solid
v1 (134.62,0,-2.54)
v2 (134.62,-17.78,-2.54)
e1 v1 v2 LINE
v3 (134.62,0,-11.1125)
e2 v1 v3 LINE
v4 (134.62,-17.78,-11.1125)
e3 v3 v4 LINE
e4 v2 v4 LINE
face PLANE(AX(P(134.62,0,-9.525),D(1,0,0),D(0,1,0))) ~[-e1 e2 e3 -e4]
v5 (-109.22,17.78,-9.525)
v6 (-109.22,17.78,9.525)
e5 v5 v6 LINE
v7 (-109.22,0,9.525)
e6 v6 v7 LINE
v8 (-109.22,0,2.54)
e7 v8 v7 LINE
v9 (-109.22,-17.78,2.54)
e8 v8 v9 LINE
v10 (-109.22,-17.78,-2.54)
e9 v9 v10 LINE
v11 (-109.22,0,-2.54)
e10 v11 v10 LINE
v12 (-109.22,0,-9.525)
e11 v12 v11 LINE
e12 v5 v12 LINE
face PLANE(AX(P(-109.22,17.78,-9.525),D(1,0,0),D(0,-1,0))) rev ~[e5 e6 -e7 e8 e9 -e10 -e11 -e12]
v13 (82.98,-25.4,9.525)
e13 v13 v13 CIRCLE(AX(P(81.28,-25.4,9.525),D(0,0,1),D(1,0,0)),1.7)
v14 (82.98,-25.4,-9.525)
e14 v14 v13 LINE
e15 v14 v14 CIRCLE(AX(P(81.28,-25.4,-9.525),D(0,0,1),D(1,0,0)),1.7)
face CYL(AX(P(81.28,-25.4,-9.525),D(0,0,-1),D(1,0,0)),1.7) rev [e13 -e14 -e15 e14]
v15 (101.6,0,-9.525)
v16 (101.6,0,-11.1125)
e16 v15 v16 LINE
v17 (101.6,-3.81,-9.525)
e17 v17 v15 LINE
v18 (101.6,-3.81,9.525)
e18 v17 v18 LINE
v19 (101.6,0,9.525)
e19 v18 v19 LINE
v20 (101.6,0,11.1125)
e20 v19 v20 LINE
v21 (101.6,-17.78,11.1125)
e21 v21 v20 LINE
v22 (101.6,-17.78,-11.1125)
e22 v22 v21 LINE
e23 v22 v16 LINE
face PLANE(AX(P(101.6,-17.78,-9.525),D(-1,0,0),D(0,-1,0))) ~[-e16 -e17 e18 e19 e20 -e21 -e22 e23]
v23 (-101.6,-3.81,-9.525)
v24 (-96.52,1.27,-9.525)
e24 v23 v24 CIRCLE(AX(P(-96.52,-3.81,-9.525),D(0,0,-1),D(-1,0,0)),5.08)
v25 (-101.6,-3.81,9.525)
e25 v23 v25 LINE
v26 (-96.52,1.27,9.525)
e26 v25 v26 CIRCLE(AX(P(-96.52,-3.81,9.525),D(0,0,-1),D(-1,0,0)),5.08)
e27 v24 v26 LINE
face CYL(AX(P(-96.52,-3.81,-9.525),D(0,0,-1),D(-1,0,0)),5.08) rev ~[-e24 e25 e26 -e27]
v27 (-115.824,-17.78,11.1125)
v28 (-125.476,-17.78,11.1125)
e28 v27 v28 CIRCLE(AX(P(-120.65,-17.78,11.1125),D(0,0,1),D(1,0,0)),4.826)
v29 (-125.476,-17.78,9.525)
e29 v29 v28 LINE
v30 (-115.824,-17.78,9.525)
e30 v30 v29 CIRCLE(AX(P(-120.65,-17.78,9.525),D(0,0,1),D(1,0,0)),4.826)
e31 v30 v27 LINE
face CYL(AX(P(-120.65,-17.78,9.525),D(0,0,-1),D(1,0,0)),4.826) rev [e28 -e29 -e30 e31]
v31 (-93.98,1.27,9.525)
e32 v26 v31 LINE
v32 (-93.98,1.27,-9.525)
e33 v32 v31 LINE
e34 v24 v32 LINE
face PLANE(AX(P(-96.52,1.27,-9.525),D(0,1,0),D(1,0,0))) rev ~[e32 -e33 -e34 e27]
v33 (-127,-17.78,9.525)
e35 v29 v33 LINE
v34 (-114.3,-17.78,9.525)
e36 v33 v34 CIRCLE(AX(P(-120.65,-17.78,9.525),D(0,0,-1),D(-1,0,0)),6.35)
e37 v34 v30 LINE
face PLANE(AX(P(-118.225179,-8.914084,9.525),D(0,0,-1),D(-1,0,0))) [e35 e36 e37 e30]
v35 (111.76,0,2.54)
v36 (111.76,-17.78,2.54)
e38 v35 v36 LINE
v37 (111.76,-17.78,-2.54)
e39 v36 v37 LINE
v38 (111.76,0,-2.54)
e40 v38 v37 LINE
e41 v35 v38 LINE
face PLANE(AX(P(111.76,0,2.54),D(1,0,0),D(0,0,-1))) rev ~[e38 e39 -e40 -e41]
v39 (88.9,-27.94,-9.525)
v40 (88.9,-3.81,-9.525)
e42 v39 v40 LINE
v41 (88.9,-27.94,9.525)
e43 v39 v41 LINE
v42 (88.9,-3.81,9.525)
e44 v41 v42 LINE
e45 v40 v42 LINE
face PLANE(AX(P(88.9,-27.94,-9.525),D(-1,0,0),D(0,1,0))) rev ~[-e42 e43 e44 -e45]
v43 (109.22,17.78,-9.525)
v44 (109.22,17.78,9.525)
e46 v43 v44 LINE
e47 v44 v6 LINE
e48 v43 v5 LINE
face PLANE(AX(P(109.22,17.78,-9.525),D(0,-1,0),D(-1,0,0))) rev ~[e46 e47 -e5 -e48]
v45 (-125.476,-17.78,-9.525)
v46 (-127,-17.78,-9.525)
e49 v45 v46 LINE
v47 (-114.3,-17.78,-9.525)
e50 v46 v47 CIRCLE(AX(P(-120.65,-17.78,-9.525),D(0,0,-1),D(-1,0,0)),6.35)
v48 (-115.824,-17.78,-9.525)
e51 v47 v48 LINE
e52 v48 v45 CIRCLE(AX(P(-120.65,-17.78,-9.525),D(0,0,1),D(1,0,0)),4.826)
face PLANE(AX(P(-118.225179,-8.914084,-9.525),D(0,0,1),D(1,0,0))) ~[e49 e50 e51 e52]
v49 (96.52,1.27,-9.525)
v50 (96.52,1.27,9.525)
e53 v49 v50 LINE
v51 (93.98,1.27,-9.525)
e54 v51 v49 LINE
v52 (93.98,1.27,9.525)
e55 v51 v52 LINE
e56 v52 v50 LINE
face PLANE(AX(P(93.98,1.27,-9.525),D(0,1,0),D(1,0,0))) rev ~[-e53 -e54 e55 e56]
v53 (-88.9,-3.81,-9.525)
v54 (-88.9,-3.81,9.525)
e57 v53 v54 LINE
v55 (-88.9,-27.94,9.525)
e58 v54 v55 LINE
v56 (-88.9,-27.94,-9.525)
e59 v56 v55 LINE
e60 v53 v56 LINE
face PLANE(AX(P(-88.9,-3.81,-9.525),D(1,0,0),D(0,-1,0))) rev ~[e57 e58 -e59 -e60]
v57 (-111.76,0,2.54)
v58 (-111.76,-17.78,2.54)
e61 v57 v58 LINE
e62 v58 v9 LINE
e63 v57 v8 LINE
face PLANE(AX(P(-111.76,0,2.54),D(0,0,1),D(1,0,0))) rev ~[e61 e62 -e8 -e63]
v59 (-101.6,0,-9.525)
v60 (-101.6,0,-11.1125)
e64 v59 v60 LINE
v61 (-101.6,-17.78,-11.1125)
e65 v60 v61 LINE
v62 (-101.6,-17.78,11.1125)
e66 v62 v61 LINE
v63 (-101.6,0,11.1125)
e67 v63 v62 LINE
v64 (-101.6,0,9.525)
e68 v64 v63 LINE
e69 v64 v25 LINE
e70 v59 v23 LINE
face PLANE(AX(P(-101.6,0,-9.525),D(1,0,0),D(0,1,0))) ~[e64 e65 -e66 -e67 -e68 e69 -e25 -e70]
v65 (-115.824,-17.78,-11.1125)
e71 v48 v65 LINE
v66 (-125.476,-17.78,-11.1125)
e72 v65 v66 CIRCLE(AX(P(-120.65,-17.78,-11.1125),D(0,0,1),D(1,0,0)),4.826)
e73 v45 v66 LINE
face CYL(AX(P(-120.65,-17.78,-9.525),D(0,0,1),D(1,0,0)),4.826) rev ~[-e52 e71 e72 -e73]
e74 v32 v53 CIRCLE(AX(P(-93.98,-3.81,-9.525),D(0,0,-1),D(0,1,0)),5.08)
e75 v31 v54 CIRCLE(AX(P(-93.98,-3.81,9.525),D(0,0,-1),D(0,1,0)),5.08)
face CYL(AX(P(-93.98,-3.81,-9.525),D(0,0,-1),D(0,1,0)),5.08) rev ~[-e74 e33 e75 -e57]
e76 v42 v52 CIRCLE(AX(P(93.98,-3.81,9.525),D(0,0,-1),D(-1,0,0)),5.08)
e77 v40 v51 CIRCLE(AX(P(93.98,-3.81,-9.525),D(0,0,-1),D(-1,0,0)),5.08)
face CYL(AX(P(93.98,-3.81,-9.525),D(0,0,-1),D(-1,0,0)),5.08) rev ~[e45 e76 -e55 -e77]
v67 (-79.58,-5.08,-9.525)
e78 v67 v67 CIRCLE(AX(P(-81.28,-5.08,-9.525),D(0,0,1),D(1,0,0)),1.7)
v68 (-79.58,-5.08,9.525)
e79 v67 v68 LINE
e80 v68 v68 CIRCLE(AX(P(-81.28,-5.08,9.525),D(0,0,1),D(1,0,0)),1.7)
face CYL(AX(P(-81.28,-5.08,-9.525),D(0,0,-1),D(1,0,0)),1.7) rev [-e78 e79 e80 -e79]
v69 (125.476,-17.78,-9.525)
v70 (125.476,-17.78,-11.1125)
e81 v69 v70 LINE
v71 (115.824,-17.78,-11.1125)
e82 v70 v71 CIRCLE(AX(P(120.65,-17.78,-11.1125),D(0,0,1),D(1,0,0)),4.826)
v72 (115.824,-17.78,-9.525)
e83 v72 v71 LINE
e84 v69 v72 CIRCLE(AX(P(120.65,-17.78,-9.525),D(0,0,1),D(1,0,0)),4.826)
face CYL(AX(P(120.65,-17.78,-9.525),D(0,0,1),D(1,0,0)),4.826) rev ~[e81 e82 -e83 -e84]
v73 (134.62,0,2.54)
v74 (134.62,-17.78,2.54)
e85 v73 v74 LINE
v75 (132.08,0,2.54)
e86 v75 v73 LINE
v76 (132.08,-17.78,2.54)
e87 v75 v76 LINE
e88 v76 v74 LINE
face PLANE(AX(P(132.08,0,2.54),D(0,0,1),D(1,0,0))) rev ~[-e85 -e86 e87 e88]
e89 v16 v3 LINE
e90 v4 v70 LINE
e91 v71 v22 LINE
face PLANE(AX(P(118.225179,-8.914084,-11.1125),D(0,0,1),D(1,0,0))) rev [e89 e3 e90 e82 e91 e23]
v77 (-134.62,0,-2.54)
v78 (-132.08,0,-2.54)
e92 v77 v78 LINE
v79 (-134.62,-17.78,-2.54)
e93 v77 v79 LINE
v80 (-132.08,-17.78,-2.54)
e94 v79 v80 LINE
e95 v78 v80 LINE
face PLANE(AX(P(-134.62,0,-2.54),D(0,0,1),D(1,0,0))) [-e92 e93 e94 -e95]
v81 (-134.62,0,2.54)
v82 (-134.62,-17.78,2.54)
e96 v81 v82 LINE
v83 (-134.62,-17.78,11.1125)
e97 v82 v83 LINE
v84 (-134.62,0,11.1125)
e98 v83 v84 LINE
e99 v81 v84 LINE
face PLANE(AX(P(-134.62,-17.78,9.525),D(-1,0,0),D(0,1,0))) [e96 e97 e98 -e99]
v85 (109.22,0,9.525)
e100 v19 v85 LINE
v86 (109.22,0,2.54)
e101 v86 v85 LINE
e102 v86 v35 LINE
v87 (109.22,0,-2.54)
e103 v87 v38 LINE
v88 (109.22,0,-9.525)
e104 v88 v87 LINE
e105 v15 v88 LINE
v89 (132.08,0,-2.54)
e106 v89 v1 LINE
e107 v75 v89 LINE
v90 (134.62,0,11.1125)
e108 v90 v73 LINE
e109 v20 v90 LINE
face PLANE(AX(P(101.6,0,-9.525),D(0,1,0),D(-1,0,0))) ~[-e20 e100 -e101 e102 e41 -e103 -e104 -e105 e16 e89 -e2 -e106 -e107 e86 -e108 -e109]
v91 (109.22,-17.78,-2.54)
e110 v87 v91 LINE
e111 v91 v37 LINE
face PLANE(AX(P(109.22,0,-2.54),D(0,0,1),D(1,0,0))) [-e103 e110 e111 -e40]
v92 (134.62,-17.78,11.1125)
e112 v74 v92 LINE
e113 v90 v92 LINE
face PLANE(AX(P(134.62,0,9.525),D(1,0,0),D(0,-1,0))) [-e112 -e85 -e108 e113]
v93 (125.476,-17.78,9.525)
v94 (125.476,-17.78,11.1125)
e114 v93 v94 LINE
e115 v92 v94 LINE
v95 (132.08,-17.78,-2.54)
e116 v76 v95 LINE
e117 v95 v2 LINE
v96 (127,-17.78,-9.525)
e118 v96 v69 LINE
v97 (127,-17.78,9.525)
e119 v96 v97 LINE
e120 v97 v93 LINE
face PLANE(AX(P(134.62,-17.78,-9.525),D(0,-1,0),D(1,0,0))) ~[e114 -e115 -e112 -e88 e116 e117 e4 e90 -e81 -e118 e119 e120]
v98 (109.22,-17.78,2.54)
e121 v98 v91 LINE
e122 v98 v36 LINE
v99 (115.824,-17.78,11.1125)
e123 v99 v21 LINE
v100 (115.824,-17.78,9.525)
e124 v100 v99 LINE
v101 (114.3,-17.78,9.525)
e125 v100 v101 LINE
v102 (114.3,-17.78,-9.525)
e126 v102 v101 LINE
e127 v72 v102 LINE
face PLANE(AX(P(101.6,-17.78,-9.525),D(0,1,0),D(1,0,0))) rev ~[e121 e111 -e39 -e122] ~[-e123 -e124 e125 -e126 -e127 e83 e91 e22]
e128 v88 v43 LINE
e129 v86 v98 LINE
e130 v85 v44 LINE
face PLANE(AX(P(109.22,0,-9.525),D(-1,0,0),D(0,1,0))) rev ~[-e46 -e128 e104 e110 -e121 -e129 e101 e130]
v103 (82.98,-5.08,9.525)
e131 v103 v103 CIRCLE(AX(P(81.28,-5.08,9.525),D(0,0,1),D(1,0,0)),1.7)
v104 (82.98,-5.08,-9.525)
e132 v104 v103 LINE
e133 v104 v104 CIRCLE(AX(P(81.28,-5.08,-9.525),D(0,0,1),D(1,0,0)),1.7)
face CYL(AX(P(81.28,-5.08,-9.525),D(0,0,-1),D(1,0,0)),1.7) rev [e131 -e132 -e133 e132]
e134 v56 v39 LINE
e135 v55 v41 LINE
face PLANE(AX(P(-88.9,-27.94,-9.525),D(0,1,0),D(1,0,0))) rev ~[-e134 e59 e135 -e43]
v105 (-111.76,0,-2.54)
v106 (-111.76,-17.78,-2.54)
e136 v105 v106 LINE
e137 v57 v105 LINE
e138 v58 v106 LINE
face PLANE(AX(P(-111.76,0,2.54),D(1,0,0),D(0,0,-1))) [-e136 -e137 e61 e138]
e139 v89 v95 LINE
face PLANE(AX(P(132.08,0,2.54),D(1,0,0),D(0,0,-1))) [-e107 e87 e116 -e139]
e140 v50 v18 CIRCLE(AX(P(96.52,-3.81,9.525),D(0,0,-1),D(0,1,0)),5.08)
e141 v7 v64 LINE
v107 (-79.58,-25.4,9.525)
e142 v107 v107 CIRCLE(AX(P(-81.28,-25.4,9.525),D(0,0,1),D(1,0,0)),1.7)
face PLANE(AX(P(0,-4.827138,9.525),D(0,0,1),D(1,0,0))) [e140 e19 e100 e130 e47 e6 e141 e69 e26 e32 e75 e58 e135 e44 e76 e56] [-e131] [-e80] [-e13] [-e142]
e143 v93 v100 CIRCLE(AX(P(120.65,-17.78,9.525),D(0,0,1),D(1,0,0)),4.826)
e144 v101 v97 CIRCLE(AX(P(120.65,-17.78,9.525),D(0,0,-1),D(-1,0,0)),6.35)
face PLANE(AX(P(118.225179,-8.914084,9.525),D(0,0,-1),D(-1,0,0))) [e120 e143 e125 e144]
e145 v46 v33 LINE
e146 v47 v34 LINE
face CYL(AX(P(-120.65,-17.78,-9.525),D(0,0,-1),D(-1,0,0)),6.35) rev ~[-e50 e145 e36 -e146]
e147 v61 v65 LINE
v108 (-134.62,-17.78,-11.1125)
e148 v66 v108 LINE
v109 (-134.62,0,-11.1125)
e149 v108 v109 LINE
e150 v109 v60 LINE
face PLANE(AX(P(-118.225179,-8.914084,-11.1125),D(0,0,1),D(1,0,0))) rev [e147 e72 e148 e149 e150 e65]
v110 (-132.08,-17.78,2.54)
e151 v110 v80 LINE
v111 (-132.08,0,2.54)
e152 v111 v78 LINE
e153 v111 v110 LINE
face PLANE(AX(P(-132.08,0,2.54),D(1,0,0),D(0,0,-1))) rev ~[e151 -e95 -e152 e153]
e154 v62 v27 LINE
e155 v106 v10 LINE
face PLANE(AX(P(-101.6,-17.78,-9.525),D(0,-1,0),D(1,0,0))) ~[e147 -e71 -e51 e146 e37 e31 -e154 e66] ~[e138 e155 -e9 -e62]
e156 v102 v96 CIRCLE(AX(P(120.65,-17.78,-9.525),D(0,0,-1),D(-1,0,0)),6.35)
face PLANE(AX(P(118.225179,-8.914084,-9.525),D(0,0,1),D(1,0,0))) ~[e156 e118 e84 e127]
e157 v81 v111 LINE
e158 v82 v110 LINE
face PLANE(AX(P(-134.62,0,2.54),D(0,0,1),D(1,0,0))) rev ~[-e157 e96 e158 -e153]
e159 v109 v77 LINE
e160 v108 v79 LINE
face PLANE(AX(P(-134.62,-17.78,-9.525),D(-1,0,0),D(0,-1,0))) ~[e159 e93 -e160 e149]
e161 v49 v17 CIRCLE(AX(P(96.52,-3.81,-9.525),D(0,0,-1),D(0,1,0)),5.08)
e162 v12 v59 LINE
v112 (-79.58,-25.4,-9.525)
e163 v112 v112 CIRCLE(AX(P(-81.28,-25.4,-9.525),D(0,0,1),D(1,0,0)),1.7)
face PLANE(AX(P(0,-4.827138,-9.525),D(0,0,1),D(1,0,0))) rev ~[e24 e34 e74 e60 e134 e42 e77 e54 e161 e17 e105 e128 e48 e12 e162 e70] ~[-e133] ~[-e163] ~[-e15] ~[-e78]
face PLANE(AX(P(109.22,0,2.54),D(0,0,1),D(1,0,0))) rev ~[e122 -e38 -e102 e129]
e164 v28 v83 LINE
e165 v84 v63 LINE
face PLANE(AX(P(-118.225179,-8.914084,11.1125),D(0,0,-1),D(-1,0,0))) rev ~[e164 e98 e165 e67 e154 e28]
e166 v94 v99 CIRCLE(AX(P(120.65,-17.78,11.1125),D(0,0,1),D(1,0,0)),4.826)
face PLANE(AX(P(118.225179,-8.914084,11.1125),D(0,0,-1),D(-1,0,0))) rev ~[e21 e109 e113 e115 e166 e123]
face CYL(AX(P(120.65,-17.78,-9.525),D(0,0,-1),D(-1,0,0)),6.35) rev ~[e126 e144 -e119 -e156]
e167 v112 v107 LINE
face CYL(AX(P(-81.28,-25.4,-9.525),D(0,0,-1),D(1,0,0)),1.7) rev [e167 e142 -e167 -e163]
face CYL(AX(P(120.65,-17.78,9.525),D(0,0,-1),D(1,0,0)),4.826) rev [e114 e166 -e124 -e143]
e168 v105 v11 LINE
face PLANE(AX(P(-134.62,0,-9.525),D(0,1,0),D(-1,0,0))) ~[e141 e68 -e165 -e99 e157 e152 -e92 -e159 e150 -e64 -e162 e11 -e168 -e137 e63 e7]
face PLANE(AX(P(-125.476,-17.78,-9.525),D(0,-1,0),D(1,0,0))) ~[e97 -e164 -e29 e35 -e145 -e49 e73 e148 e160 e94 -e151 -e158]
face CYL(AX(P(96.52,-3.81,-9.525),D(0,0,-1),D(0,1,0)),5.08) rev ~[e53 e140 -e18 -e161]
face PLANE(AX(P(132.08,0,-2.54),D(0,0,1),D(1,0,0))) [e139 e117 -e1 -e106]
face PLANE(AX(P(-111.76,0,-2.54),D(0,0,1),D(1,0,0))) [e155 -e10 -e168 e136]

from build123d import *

# Parameters (mm, degrees)
BOSS_EXTRUDE1_DEPTH      = 9.525
BOSS_EXTRUDE1_DEPTH_BACK = 9.525
SKETCH1_R                = 1.7
SKETCH2_W                = 2.54
SKETCH2_H                = 5.08
CUT_EXTRUDE1_DEPTH       = 27.686
BOSS_EXTRUDE2_DEPTH      = 1.5875


with BuildPart() as part:
    # Sketch1 → Boss-Extrude1 (new, two sides: drawn at the far end of the back side and taken through both)
    with BuildSketch(Plane.XY.offset(-BOSS_EXTRUDE1_DEPTH_BACK)):
        with BuildLine():
            Line((-109.22, 0), (-134.62, 0))
            Line((-134.62, 0), (-134.62, -17.78))
            Line((-134.62, -17.78), (-127, -17.78))
            ThreePointArc((-127, -17.78), (-120.65, -11.43), (-114.3, -17.78))
            Line((-114.3, -17.78), (-109.22, -17.78))
            Line((-109.22, -17.78), (-101.6, -17.78))
            Line((-101.6, -17.78), (-101.6, -3.81))
            ThreePointArc((-101.6, -3.81), (-100.112102448, -0.217897552), (-96.52, 1.27))
            Line((-96.52, 1.27), (-93.98, 1.27))
            ThreePointArc((-93.98, 1.27), (-90.387897552, -0.217897552), (-88.9, -3.81))
            Line((-88.9, -3.81), (-88.9, -17.78))
            Line((-88.9, -17.78), (-88.9, -27.94))
            Line((-88.9, -27.94), (88.9, -27.94))
            Line((88.9, -27.94), (88.9, -17.78))
            Line((88.9, -17.78), (88.9, -3.81))
            ThreePointArc((88.9, -3.81), (90.387897552, -0.217897552), (93.98, 1.27))
            Line((93.98, 1.27), (96.52, 1.27))
            ThreePointArc((96.52, 1.27), (100.112102448, -0.217897552), (101.6, -3.81))
            Line((101.6, -3.81), (101.6, -17.78))
            Line((101.6, -17.78), (109.22, -17.78))
            Line((109.22, -17.78), (114.3, -17.78))
            ThreePointArc((114.3, -17.78), (120.65, -11.43), (127, -17.78))
            Line((127, -17.78), (134.62, -17.78))
            Line((134.62, -17.78), (134.62, 0))
            Line((134.62, 0), (109.22, 0))
            Line((109.22, 0), (109.22, 17.78))
            Line((109.22, 17.78), (-109.22, 17.78))
            Line((-109.22, 17.78), (-109.22, 0))
        make_face()
        with Locations((-81.28, -25.4)):
            Circle(SKETCH1_R, mode=Mode.SUBTRACT)
        with Locations((-81.28, -5.08)):
            Circle(SKETCH1_R, mode=Mode.SUBTRACT)
        with Locations((81.28, -25.4)):
            Circle(SKETCH1_R, mode=Mode.SUBTRACT)
        with Locations((81.28, -5.08)):
            Circle(SKETCH1_R, mode=Mode.SUBTRACT)
    extrude(amount=BOSS_EXTRUDE1_DEPTH + BOSS_EXTRUDE1_DEPTH_BACK)

    # Sketch2 → Cut-Extrude1 (cut)
    with BuildSketch(Plane(origin=(0, 0, 0), x_dir=(1, 0, 0), z_dir=(0, 1, 0))):
        with Locations((-110.49, 0)):
            Rectangle(SKETCH2_W, SKETCH2_H)
        with Locations((-133.35, 0)):
            Rectangle(SKETCH2_W, SKETCH2_H)
        with Locations((133.35, 0)):
            Rectangle(SKETCH2_W, SKETCH2_H)
        with Locations((110.49, 0)):
            Rectangle(SKETCH2_W, SKETCH2_H)
    extrude(amount=-CUT_EXTRUDE1_DEPTH, mode=Mode.SUBTRACT)

    # Sketch3 → Boss-Extrude2 (add)
    with BuildSketch(Plane.XY.offset(9.525)):
        with BuildLine():
            Line((-134.62, 0), (-101.6, 0))
            Line((-101.6, 0), (-101.6, -17.78))
            Line((-101.6, -17.78), (-115.824, -17.78))
            ThreePointArc((-115.824, -17.78), (-120.65, -12.954), (-125.476, -17.78))
            Line((-125.476, -17.78), (-134.62, -17.78))
            Line((-134.62, -17.78), (-134.62, 0))
        make_face()
        with BuildLine():
            Line((134.62, -17.78), (125.476, -17.78))
            ThreePointArc((125.476, -17.78), (120.65, -12.954), (115.824, -17.78))
            Line((115.824, -17.78), (101.6, -17.78))
            Line((101.6, -17.78), (101.6, 0))
            Line((101.6, 0), (134.62, 0))
            Line((134.62, 0), (134.62, -17.78))
        make_face()
    boss_extrude2 = extrude(amount=BOSS_EXTRUDE2_DEPTH)

    # Mirror1: Boss-Extrude2 across plane
    add(boss_extrude2.mirror(Plane.XY))


solid = part.part
